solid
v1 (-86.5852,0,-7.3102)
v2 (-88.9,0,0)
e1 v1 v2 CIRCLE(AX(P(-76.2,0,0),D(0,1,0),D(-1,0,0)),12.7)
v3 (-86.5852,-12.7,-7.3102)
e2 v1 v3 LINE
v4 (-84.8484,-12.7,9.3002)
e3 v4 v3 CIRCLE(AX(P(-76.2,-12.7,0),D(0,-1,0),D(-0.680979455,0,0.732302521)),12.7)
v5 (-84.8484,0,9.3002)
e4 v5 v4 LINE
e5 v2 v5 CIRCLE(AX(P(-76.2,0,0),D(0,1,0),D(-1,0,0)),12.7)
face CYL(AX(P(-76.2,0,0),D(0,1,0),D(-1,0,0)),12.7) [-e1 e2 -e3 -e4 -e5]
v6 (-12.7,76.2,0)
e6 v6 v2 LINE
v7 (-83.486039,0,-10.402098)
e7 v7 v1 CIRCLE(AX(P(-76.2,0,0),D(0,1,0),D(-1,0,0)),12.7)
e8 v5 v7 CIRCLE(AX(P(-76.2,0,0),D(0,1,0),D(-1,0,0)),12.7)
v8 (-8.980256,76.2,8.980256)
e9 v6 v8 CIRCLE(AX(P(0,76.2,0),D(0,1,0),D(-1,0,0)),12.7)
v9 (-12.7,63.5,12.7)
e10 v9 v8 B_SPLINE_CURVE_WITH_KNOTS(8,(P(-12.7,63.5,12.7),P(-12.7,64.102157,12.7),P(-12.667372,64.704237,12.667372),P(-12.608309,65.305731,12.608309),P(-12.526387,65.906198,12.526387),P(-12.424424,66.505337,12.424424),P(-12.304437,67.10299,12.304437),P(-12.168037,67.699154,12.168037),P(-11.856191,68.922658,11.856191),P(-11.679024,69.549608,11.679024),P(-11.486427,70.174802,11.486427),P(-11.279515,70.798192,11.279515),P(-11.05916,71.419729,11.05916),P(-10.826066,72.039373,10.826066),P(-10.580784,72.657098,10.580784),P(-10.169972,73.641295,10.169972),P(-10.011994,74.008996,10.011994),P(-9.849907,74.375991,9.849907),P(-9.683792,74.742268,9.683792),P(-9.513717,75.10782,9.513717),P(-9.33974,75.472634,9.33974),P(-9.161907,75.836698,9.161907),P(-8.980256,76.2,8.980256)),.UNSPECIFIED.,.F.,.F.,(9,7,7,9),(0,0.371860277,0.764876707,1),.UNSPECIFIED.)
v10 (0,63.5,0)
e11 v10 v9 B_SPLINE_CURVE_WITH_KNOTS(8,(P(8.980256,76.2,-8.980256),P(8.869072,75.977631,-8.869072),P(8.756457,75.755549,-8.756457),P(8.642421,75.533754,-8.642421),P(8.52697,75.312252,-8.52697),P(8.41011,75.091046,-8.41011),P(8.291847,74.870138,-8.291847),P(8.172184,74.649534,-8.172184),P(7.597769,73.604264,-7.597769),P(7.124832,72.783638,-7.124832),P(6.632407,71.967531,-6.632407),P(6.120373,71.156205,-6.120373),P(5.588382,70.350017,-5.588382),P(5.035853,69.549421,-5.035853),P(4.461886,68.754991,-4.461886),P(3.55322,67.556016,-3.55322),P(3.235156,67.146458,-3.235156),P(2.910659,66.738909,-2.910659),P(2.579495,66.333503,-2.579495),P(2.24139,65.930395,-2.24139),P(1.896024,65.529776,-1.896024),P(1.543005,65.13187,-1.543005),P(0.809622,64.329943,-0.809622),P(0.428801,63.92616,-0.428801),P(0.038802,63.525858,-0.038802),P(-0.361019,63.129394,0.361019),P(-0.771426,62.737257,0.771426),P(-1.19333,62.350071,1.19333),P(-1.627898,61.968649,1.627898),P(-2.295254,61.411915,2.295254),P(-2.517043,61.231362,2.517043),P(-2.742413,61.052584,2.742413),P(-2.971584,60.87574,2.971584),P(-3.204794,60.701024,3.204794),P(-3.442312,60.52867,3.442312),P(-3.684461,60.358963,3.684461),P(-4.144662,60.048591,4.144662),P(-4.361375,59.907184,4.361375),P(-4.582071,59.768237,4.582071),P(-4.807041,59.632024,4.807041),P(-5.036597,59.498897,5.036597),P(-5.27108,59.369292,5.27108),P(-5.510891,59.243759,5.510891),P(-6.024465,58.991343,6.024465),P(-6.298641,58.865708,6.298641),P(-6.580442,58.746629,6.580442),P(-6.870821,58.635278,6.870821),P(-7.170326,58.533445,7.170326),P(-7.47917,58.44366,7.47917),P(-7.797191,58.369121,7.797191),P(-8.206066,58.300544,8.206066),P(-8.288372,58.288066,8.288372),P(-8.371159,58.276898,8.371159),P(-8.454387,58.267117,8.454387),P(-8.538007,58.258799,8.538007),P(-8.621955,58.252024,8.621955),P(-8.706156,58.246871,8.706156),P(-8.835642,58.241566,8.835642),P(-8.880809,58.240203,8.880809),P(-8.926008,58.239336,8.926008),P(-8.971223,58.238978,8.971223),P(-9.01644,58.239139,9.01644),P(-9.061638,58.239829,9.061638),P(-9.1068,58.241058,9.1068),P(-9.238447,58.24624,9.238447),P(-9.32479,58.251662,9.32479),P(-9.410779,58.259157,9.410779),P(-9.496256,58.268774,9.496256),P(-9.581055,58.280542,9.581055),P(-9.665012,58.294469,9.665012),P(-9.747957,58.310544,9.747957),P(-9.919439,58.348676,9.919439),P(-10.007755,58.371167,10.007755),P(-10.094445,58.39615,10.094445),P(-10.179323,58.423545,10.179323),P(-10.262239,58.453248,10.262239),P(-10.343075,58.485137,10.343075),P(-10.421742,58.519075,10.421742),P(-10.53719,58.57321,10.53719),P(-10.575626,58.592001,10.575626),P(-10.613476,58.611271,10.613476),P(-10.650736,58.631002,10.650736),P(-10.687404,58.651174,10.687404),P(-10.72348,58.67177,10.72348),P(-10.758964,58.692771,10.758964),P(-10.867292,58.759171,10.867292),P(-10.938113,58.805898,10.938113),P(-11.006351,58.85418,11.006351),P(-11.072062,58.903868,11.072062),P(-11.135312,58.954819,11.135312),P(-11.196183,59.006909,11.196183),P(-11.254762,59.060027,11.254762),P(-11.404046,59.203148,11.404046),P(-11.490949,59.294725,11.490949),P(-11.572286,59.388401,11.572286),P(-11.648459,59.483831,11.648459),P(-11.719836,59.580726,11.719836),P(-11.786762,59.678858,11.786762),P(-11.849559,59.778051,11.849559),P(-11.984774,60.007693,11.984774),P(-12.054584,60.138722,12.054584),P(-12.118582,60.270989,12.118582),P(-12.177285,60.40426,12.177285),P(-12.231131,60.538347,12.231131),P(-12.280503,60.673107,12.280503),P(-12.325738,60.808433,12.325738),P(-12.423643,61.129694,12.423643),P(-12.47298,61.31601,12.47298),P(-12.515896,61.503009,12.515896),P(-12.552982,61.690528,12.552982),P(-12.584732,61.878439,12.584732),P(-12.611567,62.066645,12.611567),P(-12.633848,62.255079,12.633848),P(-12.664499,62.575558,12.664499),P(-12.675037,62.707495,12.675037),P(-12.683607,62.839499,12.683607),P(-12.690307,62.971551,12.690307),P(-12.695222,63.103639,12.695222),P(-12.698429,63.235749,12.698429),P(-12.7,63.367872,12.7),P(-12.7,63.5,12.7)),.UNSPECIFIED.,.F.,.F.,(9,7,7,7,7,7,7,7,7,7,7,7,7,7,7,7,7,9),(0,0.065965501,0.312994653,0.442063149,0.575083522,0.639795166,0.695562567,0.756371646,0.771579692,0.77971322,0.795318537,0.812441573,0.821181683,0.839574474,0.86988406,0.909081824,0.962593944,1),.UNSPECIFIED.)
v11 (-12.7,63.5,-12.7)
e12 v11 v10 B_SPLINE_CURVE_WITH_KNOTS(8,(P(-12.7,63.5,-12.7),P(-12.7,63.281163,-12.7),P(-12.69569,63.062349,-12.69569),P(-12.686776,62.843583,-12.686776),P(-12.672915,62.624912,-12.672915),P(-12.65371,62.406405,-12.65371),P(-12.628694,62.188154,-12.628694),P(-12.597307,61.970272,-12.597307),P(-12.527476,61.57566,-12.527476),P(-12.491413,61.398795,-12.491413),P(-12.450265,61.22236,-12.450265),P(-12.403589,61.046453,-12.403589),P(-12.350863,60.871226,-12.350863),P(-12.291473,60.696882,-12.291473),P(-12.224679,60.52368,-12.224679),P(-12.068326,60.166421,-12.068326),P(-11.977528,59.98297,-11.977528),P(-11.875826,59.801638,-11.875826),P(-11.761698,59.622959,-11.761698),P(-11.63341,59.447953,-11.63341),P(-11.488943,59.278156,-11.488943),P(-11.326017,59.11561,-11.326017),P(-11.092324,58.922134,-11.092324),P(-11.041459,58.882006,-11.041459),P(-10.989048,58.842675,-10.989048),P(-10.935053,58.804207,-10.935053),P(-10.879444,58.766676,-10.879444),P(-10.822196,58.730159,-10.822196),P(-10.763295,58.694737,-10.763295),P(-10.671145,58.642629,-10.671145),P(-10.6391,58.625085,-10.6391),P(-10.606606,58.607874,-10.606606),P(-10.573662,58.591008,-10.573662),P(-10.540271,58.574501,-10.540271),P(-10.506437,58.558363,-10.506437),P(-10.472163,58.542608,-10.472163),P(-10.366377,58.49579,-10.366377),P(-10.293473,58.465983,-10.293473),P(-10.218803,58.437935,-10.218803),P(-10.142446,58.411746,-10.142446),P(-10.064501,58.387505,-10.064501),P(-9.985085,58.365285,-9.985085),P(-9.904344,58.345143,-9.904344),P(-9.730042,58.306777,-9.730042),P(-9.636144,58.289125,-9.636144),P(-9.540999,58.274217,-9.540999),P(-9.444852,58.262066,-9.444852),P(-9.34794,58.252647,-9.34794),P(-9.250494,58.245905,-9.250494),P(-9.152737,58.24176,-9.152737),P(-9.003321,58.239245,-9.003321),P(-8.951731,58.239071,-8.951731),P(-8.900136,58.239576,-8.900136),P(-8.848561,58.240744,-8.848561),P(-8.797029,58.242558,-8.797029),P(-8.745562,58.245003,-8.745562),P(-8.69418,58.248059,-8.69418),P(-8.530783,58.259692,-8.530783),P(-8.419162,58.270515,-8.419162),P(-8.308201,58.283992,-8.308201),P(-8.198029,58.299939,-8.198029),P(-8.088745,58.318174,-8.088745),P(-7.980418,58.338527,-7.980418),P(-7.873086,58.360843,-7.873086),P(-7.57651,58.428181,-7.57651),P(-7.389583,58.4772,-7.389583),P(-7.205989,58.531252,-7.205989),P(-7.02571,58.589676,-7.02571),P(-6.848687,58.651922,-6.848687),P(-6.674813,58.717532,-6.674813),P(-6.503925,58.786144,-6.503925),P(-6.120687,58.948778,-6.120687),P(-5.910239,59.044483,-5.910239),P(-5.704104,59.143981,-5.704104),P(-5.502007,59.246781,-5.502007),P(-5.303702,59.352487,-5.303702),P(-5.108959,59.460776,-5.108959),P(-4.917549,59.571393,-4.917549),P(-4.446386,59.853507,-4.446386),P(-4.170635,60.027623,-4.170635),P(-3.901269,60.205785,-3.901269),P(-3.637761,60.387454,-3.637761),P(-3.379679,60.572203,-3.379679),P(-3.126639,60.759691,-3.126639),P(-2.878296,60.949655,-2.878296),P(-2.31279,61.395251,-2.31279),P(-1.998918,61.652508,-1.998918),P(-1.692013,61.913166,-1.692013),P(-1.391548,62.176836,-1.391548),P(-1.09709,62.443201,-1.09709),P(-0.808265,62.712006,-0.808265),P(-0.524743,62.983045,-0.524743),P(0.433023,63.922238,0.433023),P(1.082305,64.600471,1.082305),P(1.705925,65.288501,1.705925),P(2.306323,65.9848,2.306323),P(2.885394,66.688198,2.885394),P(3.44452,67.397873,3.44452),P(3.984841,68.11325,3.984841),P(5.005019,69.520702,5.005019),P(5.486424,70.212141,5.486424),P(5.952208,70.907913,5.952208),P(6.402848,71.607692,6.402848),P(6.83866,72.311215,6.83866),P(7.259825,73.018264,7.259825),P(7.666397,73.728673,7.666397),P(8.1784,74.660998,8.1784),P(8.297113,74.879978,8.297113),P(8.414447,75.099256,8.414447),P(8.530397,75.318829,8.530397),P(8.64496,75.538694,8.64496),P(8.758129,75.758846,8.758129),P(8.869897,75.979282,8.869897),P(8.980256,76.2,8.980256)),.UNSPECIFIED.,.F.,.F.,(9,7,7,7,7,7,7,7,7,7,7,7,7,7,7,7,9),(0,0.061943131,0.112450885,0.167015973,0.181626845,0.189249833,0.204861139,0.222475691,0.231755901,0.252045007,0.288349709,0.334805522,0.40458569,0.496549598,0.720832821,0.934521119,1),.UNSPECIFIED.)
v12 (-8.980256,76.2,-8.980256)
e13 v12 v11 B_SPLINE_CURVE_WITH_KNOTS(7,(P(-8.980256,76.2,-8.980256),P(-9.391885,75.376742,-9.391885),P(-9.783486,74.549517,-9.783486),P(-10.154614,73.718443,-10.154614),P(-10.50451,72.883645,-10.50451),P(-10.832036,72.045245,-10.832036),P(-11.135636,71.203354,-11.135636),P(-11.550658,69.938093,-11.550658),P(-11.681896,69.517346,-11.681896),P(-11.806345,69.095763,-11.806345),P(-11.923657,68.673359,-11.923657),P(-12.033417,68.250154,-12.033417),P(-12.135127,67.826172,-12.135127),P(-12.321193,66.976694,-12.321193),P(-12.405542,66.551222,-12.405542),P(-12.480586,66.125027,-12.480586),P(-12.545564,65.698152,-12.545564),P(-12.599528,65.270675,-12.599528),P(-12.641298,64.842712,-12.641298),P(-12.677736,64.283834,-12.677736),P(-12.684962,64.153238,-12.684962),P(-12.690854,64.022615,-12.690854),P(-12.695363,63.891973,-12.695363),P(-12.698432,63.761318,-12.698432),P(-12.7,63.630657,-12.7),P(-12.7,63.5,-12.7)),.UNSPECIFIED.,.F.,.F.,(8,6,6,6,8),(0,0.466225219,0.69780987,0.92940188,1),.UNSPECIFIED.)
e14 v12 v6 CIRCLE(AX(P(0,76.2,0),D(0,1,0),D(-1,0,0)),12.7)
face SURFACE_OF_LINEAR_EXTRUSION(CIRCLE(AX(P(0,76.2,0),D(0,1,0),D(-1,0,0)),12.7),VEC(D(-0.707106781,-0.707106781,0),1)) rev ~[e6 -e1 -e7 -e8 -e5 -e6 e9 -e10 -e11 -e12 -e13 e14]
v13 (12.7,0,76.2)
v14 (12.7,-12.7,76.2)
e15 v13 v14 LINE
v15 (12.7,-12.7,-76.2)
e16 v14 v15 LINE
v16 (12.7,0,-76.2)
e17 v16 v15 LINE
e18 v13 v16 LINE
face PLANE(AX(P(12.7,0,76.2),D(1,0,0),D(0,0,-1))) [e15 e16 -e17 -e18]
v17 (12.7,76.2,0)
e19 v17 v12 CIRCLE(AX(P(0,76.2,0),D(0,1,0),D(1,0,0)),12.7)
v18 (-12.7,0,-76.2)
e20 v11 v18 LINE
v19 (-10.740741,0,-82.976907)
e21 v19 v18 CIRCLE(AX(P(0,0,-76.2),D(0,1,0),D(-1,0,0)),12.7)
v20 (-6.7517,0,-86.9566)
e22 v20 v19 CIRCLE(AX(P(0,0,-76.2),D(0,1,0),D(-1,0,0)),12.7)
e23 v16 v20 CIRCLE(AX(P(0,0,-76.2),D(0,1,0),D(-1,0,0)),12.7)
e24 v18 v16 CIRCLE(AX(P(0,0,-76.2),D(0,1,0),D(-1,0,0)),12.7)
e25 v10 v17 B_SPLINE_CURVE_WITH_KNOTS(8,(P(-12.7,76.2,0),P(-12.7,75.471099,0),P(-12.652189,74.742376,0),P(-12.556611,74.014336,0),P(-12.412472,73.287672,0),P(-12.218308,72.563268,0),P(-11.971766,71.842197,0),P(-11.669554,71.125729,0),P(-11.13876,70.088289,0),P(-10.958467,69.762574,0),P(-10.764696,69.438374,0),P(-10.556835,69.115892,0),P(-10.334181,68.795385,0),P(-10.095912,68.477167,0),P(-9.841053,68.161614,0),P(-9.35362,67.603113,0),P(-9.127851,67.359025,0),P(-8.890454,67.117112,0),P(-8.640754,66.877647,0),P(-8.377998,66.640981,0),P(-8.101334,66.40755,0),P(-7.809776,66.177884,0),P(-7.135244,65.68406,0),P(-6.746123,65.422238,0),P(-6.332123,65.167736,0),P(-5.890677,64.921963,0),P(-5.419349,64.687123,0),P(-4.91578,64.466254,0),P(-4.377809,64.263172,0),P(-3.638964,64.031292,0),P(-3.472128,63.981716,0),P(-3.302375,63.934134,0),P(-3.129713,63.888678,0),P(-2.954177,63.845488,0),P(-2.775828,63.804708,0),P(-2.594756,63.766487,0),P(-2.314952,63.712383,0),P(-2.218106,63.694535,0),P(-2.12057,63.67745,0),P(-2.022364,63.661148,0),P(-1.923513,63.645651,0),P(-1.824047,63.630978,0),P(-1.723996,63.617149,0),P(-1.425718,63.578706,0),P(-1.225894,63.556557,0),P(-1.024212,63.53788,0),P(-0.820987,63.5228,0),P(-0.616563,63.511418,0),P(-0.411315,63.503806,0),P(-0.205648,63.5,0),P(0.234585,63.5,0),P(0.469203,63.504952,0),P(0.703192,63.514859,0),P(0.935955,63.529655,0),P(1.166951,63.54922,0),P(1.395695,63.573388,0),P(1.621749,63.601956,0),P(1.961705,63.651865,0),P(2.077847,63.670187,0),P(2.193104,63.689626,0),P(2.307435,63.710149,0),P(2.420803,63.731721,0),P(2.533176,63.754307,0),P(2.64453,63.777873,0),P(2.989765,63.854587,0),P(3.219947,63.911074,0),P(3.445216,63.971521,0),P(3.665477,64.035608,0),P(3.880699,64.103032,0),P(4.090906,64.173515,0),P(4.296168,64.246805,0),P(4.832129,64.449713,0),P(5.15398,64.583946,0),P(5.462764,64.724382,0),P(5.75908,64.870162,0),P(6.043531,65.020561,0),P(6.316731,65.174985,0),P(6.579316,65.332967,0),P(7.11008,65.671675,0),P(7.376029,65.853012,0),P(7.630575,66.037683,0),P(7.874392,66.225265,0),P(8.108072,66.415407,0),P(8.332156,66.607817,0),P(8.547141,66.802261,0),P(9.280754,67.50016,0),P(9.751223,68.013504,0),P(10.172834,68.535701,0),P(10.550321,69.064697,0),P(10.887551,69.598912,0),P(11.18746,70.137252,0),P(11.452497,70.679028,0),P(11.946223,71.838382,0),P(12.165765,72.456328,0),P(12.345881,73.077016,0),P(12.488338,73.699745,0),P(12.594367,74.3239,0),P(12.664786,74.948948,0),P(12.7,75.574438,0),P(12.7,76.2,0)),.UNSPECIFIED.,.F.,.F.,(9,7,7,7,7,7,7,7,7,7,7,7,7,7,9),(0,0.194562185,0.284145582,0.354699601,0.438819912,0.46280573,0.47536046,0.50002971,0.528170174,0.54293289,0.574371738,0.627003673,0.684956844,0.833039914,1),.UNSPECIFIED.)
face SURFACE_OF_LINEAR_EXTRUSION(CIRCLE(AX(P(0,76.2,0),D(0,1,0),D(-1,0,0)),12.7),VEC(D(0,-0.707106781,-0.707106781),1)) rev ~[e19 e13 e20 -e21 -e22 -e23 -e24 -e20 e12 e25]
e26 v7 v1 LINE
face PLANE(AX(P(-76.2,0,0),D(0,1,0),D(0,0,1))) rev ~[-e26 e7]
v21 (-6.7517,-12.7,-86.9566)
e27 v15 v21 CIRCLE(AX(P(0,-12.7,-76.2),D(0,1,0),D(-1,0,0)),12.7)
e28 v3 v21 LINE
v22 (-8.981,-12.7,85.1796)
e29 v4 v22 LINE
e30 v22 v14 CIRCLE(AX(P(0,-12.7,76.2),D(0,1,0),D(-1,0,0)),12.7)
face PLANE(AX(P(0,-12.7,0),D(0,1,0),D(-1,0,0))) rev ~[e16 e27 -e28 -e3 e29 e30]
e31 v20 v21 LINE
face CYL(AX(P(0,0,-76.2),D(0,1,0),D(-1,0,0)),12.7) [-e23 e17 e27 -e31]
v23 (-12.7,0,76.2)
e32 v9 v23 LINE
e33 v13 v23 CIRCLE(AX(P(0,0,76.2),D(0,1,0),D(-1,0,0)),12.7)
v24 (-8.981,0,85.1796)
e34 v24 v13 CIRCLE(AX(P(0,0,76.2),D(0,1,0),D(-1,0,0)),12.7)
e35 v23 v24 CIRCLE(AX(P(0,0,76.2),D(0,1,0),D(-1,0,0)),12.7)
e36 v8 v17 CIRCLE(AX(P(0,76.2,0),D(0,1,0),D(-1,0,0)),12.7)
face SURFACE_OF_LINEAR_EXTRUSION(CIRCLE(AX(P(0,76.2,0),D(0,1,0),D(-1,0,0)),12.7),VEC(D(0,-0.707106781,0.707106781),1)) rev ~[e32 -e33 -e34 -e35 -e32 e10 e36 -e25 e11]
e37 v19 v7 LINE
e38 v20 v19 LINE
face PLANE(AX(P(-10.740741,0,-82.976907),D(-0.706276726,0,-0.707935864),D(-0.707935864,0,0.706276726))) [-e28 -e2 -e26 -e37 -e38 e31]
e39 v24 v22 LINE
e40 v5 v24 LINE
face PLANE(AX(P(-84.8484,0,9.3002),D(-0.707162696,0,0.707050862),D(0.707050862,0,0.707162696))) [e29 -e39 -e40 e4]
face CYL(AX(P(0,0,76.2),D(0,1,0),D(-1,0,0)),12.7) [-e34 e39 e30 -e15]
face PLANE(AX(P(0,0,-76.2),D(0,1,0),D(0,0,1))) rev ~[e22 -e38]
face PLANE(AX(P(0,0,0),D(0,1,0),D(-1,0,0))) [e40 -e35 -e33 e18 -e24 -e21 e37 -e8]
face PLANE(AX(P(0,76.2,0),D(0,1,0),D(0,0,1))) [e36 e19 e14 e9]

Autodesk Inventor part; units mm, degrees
ref_plane "YZ Plane" through (0, 0, 0) normal (1, 0, 0) x (0, 1, 0)
ref_plane "XY Plane" through (0, 0, 0) normal (0, 0, 1) x (1, 0, 0)
sketch "Sketch2" plane through (0, 0, 0) normal (1, 0, 0) x (0, 1, 0)
  line L0 (0, 0) -> (76.2, 0) construction
  line L1 (0, 0) -> (0, -76.2) construction
  line L2 (0, 0) -> (0, 76.2) construction
  line L3 (76.2, 0) -> (0, 76.2)
  dimension "d0" = 76.2
  dimension "d1" = 76.2
  dimension "d2" = 76.2
sketch "Sketch3" plane through (0, 0, 0) normal (0, 0, 1) x (1, 0, 0)
  line L0 (0, 0) -> (0, 76.2) construction
  line L1 (0, 0) -> (-76.2, 0) construction
  line L2 (0, 76.2) -> (-76.2, 0)
  dimension "d3" = 76.2
  dimension "d4" = 76.2
ref_plane "Work Plane1" through (0, 76.2, 0) normal (0, 1, 0) x (-1, 0, 0)
sketch "Sketch4" plane through (0, 76.2, 0) normal (0, 1, 0) x (-1, 0, 0)
  circle A0 centre (0, 0) radius 12.7
  dimension "d6" = 25.4
sweep "Sweep1" add profiles "Sketch4" path "Sketch3"
sketch "Sketch5" plane through (0, 76.2, 0) normal (0, 1, 0) x (-1, 0, 0)
  circle A0 centre (0, 0) radius 12.7
sweep "Sweep3" add profiles "Sketch5" path "Sketch2"
sketch "Sketch6" plane through (0, 0, 0) normal (1, 0, 0) x (0, 1, 0)
  line L0 (76.2, 8.9803) -> (76.2, -12.7) projected
  line L1 (76.2, 0) -> (0, -76.2)
  point P0 (0, 0)
  point P1 (76.2, -8.9803)
  dimension "d13" = 76.2
sketch "Sketch7" plane through (0, 76.2, 0) normal (0, 1, 0) x (-1, 0, 0)
  circle A0 centre (0, 0) radius 12.7
sweep "Sweep4" add profiles "Sketch7" path "Sketch6" path curves L1
sketch "Sketch10" plane through (0, 0, 0) normal (0, 1, 0) x (-1, 0, 0)
  circle A0 centre (0, 76.2) radius 12.7 projected
  circle A1 centre (0, -76.2) radius 12.7 projected
  circle A2 centre (76.2, 0) radius 12.7 projected
  line L0 (-12.7, 76.2) -> (-12.7, -76.2)
  line L1 (6.7517, -86.9566) -> (86.5852, -7.3102)
  circle A3 centre (76.2, 0) radius 12.7 projected
  line L2 (84.8484, 9.3002) -> (8.981, 85.1796)
  point P0 (0, 0)
extrude "Extrusion1" add sketch "Sketch10" against normal blind 12.7 contours A0 | A0 L2 A2 L1 A1 L0 | A2 L1 | A1 L1 picked at (77.9931, 4.4447) picked at (3.5769, -74.7711)
properties part number "CameraTripodBaseV02"
